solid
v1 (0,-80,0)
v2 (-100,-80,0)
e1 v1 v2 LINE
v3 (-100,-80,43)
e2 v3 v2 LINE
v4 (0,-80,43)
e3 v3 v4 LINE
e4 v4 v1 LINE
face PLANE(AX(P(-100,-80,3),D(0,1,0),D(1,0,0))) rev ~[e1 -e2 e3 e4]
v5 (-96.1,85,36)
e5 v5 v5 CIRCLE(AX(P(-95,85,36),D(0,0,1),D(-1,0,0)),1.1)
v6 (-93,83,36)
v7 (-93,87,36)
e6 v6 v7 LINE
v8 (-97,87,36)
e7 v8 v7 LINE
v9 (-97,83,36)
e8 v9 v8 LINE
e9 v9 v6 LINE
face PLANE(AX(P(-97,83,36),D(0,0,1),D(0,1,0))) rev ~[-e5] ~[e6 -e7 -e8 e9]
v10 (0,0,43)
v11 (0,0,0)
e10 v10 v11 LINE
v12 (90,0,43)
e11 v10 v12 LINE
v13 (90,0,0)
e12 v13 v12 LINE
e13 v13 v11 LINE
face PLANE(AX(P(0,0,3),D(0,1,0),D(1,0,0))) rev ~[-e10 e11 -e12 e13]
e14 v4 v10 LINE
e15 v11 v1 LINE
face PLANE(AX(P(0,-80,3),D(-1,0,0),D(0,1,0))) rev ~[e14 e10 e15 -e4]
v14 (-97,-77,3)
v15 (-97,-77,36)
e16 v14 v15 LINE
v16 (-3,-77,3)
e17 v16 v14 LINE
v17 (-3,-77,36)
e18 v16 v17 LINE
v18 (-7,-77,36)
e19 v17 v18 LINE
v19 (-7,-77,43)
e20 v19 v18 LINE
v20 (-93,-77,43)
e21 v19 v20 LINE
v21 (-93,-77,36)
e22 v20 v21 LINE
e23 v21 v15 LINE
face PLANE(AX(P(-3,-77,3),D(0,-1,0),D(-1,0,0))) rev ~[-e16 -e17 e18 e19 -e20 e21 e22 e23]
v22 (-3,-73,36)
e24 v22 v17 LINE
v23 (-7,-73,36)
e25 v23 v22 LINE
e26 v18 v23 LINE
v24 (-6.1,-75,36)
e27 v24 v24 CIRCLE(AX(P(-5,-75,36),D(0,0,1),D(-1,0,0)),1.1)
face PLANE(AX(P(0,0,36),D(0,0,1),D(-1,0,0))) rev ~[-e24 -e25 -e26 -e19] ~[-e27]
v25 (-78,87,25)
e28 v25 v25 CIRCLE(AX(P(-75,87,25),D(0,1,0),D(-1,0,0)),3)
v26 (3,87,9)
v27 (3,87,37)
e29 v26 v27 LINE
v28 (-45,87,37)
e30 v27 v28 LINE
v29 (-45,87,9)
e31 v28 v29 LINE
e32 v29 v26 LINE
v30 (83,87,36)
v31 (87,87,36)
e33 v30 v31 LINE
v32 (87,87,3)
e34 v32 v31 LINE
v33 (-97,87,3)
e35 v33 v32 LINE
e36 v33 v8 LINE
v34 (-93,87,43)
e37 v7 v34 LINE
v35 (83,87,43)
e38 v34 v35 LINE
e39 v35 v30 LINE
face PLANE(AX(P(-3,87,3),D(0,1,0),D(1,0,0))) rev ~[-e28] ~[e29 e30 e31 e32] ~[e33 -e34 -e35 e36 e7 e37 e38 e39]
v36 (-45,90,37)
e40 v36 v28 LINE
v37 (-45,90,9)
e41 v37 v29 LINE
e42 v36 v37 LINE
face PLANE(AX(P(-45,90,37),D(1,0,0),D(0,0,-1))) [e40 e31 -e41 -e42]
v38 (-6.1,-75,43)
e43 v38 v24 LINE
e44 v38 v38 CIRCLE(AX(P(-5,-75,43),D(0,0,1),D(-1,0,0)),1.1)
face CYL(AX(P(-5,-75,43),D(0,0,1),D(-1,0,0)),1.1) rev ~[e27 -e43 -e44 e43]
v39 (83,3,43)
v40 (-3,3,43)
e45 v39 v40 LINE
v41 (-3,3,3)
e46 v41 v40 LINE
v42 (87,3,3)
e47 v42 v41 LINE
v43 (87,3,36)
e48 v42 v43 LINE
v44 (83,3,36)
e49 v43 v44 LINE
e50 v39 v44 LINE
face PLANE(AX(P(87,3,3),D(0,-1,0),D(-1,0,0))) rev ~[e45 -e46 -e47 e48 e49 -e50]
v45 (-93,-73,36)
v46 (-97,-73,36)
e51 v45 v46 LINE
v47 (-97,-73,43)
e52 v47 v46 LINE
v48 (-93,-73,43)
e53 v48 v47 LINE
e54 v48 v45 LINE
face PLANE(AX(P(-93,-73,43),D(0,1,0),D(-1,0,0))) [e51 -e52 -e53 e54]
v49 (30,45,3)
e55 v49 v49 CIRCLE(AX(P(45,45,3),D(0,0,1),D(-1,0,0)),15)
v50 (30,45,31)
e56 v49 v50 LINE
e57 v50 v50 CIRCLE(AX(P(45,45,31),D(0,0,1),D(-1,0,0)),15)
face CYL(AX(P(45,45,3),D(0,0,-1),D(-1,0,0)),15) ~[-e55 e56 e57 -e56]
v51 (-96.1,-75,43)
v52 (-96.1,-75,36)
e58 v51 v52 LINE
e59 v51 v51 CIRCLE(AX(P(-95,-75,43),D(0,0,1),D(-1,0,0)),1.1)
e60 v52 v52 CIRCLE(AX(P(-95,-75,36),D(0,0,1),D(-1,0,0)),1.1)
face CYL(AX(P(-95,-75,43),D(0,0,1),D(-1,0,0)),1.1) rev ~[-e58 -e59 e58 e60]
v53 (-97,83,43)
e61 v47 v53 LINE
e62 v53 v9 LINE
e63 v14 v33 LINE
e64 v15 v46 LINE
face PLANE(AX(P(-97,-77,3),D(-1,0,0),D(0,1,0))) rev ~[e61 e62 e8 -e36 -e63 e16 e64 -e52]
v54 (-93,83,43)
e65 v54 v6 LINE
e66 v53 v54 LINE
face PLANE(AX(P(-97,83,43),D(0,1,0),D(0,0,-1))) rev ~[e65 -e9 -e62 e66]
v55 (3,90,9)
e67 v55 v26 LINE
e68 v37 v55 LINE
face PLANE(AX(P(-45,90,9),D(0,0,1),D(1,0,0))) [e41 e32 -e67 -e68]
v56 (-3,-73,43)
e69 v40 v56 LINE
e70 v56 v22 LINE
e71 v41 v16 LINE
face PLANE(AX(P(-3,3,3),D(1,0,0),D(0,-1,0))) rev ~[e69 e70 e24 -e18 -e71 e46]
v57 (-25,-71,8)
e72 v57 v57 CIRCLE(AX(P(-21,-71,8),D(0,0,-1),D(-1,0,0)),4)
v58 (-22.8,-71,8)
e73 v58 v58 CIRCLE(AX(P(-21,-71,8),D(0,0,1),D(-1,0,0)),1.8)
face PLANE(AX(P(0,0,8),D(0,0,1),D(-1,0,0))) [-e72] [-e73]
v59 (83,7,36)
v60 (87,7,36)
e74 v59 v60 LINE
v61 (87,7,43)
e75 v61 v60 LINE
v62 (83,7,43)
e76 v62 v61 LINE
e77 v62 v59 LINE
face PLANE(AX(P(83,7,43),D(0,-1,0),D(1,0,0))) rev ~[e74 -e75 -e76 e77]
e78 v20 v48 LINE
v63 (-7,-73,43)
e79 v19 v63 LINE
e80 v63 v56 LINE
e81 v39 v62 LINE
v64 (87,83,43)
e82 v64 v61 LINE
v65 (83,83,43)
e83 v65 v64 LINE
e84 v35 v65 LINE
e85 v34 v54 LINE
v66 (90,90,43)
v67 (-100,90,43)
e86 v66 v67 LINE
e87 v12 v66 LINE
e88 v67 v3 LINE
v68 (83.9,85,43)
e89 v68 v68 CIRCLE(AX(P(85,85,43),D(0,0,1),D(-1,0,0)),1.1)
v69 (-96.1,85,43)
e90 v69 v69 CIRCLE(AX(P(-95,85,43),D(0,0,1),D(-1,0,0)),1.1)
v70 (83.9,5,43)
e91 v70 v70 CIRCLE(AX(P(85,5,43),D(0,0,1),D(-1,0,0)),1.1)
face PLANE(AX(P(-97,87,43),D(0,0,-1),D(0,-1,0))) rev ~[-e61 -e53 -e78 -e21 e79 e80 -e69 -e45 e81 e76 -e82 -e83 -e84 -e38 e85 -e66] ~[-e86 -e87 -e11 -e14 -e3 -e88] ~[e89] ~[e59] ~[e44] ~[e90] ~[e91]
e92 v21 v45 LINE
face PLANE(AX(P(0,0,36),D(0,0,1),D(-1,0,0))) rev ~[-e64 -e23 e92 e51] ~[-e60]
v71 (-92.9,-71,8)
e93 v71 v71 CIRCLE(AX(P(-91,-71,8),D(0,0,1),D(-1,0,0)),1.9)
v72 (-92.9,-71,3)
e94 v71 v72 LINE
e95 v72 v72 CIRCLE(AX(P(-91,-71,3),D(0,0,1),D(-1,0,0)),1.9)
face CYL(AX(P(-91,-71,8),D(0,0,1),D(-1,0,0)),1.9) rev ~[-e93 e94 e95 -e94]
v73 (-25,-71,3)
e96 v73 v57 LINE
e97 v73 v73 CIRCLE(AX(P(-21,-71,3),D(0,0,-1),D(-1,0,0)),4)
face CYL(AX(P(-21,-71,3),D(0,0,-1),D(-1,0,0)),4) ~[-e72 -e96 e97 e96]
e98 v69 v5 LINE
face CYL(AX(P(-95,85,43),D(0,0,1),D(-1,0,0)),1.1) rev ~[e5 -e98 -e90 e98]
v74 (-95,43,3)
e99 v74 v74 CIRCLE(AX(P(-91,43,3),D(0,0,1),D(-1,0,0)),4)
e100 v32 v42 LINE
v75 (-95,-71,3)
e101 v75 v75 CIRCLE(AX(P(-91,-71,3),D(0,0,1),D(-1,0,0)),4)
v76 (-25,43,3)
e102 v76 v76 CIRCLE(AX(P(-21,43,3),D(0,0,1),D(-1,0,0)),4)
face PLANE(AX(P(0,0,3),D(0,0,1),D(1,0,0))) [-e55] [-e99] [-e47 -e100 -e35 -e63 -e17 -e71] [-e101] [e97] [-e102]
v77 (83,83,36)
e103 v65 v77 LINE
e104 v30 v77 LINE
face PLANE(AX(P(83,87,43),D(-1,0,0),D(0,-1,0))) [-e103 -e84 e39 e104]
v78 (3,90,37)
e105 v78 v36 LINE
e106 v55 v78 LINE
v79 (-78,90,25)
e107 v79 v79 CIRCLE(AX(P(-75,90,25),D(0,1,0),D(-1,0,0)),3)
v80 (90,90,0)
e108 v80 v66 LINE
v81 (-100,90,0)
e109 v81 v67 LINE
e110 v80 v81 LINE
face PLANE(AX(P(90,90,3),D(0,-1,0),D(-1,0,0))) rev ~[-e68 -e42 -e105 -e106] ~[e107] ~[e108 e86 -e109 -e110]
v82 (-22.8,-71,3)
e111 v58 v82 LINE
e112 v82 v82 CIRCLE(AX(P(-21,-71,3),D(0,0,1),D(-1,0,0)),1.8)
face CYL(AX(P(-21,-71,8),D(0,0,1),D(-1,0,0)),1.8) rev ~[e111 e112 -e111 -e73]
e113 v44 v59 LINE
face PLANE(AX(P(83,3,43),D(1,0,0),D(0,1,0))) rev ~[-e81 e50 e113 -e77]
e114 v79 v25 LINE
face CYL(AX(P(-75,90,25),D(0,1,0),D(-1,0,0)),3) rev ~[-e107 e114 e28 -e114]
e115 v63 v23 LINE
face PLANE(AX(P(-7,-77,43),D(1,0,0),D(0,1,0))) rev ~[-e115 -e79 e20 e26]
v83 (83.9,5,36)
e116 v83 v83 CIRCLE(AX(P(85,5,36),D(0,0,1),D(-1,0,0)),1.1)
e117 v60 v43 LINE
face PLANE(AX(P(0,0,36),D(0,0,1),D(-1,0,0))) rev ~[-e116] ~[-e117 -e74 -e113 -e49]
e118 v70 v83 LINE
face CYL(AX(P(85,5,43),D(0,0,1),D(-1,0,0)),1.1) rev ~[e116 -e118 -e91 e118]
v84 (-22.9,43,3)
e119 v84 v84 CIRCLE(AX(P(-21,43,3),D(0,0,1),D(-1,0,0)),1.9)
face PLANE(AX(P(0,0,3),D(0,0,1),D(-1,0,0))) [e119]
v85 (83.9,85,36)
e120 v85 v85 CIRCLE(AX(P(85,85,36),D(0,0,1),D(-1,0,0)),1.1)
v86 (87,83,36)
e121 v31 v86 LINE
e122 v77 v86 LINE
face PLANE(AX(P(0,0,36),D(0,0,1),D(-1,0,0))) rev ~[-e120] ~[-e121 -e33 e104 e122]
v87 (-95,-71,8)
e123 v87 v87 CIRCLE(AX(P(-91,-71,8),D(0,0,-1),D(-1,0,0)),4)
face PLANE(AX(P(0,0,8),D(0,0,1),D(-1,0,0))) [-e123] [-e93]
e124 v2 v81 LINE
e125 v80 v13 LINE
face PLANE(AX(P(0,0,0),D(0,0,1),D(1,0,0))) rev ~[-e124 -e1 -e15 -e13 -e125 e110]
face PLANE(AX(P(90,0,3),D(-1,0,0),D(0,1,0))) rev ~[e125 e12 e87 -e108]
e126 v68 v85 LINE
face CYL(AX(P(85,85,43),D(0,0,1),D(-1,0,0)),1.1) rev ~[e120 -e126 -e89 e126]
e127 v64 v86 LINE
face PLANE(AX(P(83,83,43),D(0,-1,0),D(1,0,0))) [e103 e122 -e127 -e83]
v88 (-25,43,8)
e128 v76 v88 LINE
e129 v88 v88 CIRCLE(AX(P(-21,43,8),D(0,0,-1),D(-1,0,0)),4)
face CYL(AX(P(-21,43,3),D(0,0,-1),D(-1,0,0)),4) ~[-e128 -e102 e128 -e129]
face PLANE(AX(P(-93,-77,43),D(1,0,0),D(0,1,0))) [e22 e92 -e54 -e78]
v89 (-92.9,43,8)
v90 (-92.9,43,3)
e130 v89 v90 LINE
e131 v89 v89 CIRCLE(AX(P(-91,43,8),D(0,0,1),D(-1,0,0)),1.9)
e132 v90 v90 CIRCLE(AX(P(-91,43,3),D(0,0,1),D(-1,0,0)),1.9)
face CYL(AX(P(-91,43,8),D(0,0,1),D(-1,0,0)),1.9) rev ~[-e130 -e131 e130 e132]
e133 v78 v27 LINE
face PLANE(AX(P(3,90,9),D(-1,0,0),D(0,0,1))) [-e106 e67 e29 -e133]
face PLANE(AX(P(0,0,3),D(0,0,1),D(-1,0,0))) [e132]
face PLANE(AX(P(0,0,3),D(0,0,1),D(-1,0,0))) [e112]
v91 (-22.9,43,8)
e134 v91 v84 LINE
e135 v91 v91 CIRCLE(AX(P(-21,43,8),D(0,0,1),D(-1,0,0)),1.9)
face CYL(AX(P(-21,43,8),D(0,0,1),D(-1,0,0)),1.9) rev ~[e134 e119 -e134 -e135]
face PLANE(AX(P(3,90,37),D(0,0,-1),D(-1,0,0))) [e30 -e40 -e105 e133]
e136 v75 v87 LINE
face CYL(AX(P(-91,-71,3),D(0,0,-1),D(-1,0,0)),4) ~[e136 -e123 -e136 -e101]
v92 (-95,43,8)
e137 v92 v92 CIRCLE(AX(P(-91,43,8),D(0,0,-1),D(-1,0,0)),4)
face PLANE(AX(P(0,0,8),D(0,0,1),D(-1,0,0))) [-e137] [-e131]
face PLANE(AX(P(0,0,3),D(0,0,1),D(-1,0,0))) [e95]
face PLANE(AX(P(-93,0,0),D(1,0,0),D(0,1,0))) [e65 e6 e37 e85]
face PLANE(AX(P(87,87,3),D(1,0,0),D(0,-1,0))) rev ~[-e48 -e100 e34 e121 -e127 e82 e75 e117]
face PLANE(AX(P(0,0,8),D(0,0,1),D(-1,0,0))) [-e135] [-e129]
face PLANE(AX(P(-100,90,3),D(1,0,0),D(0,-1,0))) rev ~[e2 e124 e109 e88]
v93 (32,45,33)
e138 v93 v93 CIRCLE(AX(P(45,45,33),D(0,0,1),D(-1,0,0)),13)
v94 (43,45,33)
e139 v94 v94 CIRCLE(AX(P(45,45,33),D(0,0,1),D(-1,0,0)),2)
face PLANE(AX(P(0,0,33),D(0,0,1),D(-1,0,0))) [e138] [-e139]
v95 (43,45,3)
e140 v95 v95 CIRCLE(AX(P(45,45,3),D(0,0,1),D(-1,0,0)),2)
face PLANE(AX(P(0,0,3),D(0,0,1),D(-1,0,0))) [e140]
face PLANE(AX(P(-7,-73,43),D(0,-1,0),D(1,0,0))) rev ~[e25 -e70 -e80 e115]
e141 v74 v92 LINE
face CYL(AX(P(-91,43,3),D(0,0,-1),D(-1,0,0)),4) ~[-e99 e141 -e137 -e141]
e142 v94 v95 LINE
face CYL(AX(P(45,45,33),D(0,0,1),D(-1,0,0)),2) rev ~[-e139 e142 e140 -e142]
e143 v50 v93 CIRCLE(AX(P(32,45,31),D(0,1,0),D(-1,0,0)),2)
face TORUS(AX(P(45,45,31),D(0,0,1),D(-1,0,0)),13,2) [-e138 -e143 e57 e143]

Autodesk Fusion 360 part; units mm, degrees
sketch "Sketch1" plane through (0, 0, 0) normal (0, 0, 1) x (1, 0, 0)
  line L0 (-100, 90) -> (0, 90)
  line L1 (0, 90) -> (0, -80)
  line L2 (0, -80) -> (-100, -80)
  line L3 (-100, -80) -> (-100, 90)
  line L4 (0, 90) -> (90, 90)
  line L5 (90, 90) -> (90, 0)
  line L6 (90, 0) -> (0, 0)
  line L7 (0, 0) -> (0, 90)
  dimension "d1" = 100
  dimension "d2" = 170
  dimension "d3" = 90
  dimension "d4" = 90
extrude "Extrude1" add sketch "Sketch1" along normal blind 3
sketch "Sketch2" plane through (0, 0, 3) normal (0, 0, 1) x (-1, 0, 0)
  line L0 (-90, 0) -> (-90, -90)
  line L1 (-90, -90) -> (100, -90)
  line L2 (100, -90) -> (100, 80)
  line L3 (100, 80) -> (0, 80)
  line L4 (0, 80) -> (0, 0)
  line L5 (0, 0) -> (-90, 0)
  line L6 (97, -87) -> (3, -87)
  line L7 (3, -87) -> (3, 77)
  line L8 (3, 77) -> (97, 77)
  line L9 (97, 77) -> (97, -87)
  line L10 (3, -87) -> (-87, -87)
  line L11 (-87, -87) -> (-87, -3)
  line L12 (-87, -3) -> (3, -3)
  line L13 (3, -3) -> (3, -87)
  dimension "d7" = 3
  dimension "d8" = 3
  dimension "d9" = 3
  dimension "d10" = 3
  dimension "d12" = 97
  dimension "d13" = 3
extrude "Extrude2" add sketch "Sketch2" along normal blind 40
sketch "Sketch3" plane through (0, 0, 3) normal (0, 0, 1) x (-1, 0, 0)
  line L0 (-87, -87) -> (97, -87)
  line L1 (97, -87) -> (97, 77)
  line L2 (97, 77) -> (3, 77)
  line L3 (3, 77) -> (3, -3)
  line L4 (3, -3) -> (-87, -3)
  line L5 (-87, -3) -> (-87, -87)
  circle A0 centre (-45, -45) radius 15
  line L6 (-90, -90) -> (100, -90)
  line L7 (-90, 0) -> (-90, -90)
  dimension "d16" = 30
  dimension "d17" = 45
  dimension "d18" = 45
extrude "Extrude3" add sketch "Sketch3" along normal blind 30 contours A0
sketch "Sketch4" plane through (0, 0, 33) normal (0, 0, 1) x (-1, 0, 0)
  circle A0 centre (-45, -45) radius 15
  circle A1 centre (-45, -45) radius 2
  dimension "d21" = 4
extrude "Extrude4" cut sketch "Sketch4" against normal blind 30 contours A1
fillet "Fillet1" radius 2 1 edges at (58.9849, 50.4242, 33)
sketch "Sketch5" plane through (-97, 0, 0) normal (1, 0, 0) x (0, 1, 0)
  line L0 (-77, 3) -> (87, 3)
  line L1 (87, 3) -> (87, 43)
  line L2 (87, 43) -> (-77, 43)
  line L3 (-77, 43) -> (-77, 3)
  line L4 (87, 43) -> (83, 43)
  line L5 (83, 43) -> (83, 36)
  line L6 (83, 36) -> (87, 36)
  line L7 (87, 36) -> (87, 43)
  dimension "d26" = 4
  dimension "d27" = 7
extrude "Extrude5" add sketch "Sketch5" along normal blind 4 contours L1 L2 L4 L5 L6 L7
sketch "Sketch6" plane through (0, 0, 43) normal (0, 0, 1) x (-1, 0, 0)
  line L0 (-87, -87) -> (-87, -3)
  line L1 (-87, -3) -> (3, -3)
  line L2 (3, -3) -> (3, 77)
  line L3 (3, 77) -> (97, 77)
  line L4 (97, 77) -> (97, -83)
  line L5 (97, -83) -> (93, -83)
  line L6 (93, -83) -> (93, -87)
  line L7 (93, -87) -> (-87, -87)
  line L8 (0, 0) -> (-90, 0)
  line L9 (-90, 0) -> (-90, -90)
  line L10 (-90, -90) -> (100, -90)
  line L11 (100, -90) -> (100, 80)
  line L12 (100, 80) -> (0, 80)
  line L13 (0, 80) -> (0, 0)
  line L14 (3, 77) -> (7, 77)
  line L15 (7, 77) -> (7, 73)
  line L16 (7, 73) -> (3, 73)
  line L17 (3, 73) -> (3, 77)
  line L18 (97, 77) -> (93, 77)
  line L19 (93, 77) -> (93, 73)
  line L20 (93, 73) -> (97, 73)
  line L21 (97, 73) -> (97, 77)
  line L22 (-87, -87) -> (-83, -87)
  line L23 (-83, -87) -> (-83, -83)
  line L24 (-83, -83) -> (-87, -83)
  line L25 (-87, -83) -> (-87, -87)
  line L26 (-87, -3) -> (-83, -3)
  line L27 (-83, -3) -> (-83, -7)
  line L28 (-83, -7) -> (-87, -7)
  line L29 (-87, -7) -> (-87, -3)
  circle A0 centre (-85, -5) radius 1.1
  circle A1 centre (-85, -85) radius 1.1
  circle A2 centre (5, 75) radius 1.1
  circle A3 centre (95, 75) radius 1.1
  dimension "d30" = 4
  dimension "d31" = 4
  dimension "d32" = 4
  dimension "d33" = 4
  dimension "d34" = 4
  dimension "d35" = 4
  dimension "d36" = 4
  dimension "d37" = 4
  dimension "d38" = 2.2
  dimension "d39" = 2
  dimension "d40" = 2
  dimension "d41" = 2.2
  dimension "d42" = 2
  dimension "d43" = 2
  dimension "d44" = 2.2
  dimension "d45" = 2
  dimension "d46" = 2
  dimension "d47" = 2.2
  dimension "d48" = 2
  dimension "d49" = 2
extrude "Extrude6" add sketch "Sketch6" against normal blind 7 contours L0 L7 L22 L23 L24 L25 | L0 L1 L26 L27 L28 L29 | L3 L4 L18 L19 L20 L21 | L2 L3 L14 L15 L16 L17
sketch "Sketch7" plane through (0, 0, 43) normal (0, 0, 1) x (-1, 0, 0)
  circle A0 centre (-85, -85) radius 1.1
  circle A1 centre (5, 75) radius 1.1
  circle A2 centre (-85, -5) radius 1.1
  circle A3 centre (95, 75) radius 1.1
  line L0 (-87, -83) -> (-87, -7)
  line L1 (-87, -7) -> (-83, -7)
  line L2 (-83, -7) -> (-83, -3)
  line L3 (-83, -3) -> (3, -3)
  line L4 (3, -3) -> (3, 73)
  line L5 (3, 73) -> (7, 73)
  line L6 (7, 73) -> (7, 77)
  line L7 (7, 77) -> (93, 77)
  line L8 (93, 77) -> (93, 73)
  line L9 (93, 73) -> (97, 73)
  line L10 (97, 73) -> (97, -83)
  line L11 (97, -83) -> (93, -83)
  line L12 (93, -83) -> (93, -87)
  line L13 (93, -87) -> (-83, -87)
  line L14 (-83, -87) -> (-83, -83)
  line L15 (-83, -83) -> (-87, -83)
  line L16 (0, 0) -> (-90, 0)
  line L17 (-90, 0) -> (-90, -90)
  line L18 (-90, -90) -> (100, -90)
  line L19 (100, -90) -> (100, 80)
  line L20 (100, 80) -> (0, 80)
  line L21 (0, 80) -> (0, 0)
  circle A4 centre (95, -85) radius 1.1
  dimension "d52" = 2.2
  dimension "d53" = 2
  dimension "d54" = 2
extrude "Extrude7" cut sketch "Sketch7" against normal blind 7 contours A4
sketch "Sketch8" plane through (0, 90, 0) normal (0, 1, 0) x (-1, 0, 0)
  line L0 (-90, 0) -> (100, 0)
  line L1 (100, 0) -> (100, 43)
  line L2 (100, 43) -> (-90, 43)
  line L3 (-90, 43) -> (-90, 0)
  line L4 (-3, 37) -> (45, 37)
  line L5 (45, 37) -> (45, 9)
  line L6 (45, 9) -> (-3, 9)
  line L7 (-3, 9) -> (-3, 37)
  dimension "d57" = 48
  dimension "d58" = 28
  dimension "d59" = 55
  dimension "d60" = 6
extrude "Extrude8" cut sketch "Sketch8" against normal blind 3 contours L4 L5 L6 L7
sketch "Sketch9" plane through (0, 0, 3) normal (0, 0, 1) x (-1, 0, 0)
  circle A0 centre (-45, -45) radius 15
  line L0 (-87, -87) -> (97, -87)
  line L1 (97, -87) -> (97, 77)
  line L2 (97, 77) -> (3, 77)
  line L3 (3, 77) -> (3, -3)
  line L4 (3, -3) -> (-87, -3)
  line L5 (-87, -3) -> (-87, -87)
  line L6 (21, 71) -> (91, 71)
  line L7 (91, 71) -> (91, -43)
  line L8 (91, -43) -> (21, -43)
  line L9 (21, -43) -> (21, 71)
  circle A1 centre (21, 71) radius 4
  circle A2 centre (91, 71) radius 4
  circle A3 centre (21, -43) radius 4
  circle A4 centre (91, -43) radius 4
  circle A5 centre (91, -43) radius 1.9
  circle A6 centre (21, -43) radius 1.9
  circle A7 centre (91, 71) radius 1.9
  circle A8 centre (21, 71) radius 1.9
  dimension "d63" = 70
  dimension "d64" = 114
  dimension "d65" = 6
  dimension "d66" = 6
  dimension "d67" = 8
  dimension "d68" = 8
  dimension "d69" = 8
  dimension "d70" = 8
  dimension "d79" = 3.8
  dimension "d80" = 3.8
  dimension "d81" = 3.8
  dimension "d82" = 3.8
extrude "Extrude9" add sketch "Sketch9" along normal blind 5 contours L6 L9 A8 | L6 L9 A8 | L6 L9 A1 A8 | L6 L9 A1 A8 | L6 L7 A2 A7 | L6 L7 A2 A7 | L8 L9 A3 A6 | L8 L9 A3 A6 | L6 L7 A7 | L6 L7 A7 | L8 L9 A6 | L8 L9 A6 | L7 L8 A4 A5 | L7 L8 A4 A5 | L7 L8 A5 | L7 L8 A5
sketch "Sketch10" plane through (0, 0, 8) normal (0, 0, 1) x (-1, 0, 0)
  circle A0 centre (21, 71) radius 4
  circle A1 centre (21, 71) radius 1.8
  circle A2 centre (91, 51) radius 1.8
  circle A3 centre (91, -63) radius 1.8
  circle A4 centre (27, -63) radius 1.8
  dimension "d73" = 3.6
  dimension "d74" = 3.6
  dimension "d75" = 3.6
  dimension "d76" = 3.6
extrude "Extrude10" cut sketch "Sketch10" against normal blind 5 contours A1 | A2 | A3 | A4
sketch "Sketch11" plane through (0, 0, 8) normal (0, 0, 1) x (-1, 0, 0)
  circle A0 centre (21, -43) radius 4
  circle A1 centre (21, -43) radius 1.9
  circle A2 centre (91, -43) radius 1.9
  circle A3 centre (91, -43) radius 4
  circle A4 centre (91, 71) radius 1.9
  circle A5 centre (91, 71) radius 4
  dimension "d83" = 3.8
  dimension "d84" = 3.8
  dimension "d85" = 3.8
extrude "Extrude11" cut sketch "Sketch11" against normal blind 5 contours A1 | A2 | A4
sketch "Sketch12" plane through (0, 90, 0) normal (0, 1, 0) x (-1, 0, 0)
  line L0 (45, 37) -> (45, 9)
  line L1 (45, 9) -> (-3, 9)
  line L2 (-3, 9) -> (-3, 37)
  line L3 (-3, 37) -> (45, 37)
  line L4 (-90, 0) -> (100, 0)
  line L5 (100, 0) -> (100, 43)
  line L6 (100, 43) -> (-90, 43)
  line L7 (-90, 43) -> (-90, 0)
  circle A0 centre (75, 25) radius 3
  dimension "d88" = 6
extrude "Extrude12" cut sketch "Sketch12" against normal blind 3 contours A0
